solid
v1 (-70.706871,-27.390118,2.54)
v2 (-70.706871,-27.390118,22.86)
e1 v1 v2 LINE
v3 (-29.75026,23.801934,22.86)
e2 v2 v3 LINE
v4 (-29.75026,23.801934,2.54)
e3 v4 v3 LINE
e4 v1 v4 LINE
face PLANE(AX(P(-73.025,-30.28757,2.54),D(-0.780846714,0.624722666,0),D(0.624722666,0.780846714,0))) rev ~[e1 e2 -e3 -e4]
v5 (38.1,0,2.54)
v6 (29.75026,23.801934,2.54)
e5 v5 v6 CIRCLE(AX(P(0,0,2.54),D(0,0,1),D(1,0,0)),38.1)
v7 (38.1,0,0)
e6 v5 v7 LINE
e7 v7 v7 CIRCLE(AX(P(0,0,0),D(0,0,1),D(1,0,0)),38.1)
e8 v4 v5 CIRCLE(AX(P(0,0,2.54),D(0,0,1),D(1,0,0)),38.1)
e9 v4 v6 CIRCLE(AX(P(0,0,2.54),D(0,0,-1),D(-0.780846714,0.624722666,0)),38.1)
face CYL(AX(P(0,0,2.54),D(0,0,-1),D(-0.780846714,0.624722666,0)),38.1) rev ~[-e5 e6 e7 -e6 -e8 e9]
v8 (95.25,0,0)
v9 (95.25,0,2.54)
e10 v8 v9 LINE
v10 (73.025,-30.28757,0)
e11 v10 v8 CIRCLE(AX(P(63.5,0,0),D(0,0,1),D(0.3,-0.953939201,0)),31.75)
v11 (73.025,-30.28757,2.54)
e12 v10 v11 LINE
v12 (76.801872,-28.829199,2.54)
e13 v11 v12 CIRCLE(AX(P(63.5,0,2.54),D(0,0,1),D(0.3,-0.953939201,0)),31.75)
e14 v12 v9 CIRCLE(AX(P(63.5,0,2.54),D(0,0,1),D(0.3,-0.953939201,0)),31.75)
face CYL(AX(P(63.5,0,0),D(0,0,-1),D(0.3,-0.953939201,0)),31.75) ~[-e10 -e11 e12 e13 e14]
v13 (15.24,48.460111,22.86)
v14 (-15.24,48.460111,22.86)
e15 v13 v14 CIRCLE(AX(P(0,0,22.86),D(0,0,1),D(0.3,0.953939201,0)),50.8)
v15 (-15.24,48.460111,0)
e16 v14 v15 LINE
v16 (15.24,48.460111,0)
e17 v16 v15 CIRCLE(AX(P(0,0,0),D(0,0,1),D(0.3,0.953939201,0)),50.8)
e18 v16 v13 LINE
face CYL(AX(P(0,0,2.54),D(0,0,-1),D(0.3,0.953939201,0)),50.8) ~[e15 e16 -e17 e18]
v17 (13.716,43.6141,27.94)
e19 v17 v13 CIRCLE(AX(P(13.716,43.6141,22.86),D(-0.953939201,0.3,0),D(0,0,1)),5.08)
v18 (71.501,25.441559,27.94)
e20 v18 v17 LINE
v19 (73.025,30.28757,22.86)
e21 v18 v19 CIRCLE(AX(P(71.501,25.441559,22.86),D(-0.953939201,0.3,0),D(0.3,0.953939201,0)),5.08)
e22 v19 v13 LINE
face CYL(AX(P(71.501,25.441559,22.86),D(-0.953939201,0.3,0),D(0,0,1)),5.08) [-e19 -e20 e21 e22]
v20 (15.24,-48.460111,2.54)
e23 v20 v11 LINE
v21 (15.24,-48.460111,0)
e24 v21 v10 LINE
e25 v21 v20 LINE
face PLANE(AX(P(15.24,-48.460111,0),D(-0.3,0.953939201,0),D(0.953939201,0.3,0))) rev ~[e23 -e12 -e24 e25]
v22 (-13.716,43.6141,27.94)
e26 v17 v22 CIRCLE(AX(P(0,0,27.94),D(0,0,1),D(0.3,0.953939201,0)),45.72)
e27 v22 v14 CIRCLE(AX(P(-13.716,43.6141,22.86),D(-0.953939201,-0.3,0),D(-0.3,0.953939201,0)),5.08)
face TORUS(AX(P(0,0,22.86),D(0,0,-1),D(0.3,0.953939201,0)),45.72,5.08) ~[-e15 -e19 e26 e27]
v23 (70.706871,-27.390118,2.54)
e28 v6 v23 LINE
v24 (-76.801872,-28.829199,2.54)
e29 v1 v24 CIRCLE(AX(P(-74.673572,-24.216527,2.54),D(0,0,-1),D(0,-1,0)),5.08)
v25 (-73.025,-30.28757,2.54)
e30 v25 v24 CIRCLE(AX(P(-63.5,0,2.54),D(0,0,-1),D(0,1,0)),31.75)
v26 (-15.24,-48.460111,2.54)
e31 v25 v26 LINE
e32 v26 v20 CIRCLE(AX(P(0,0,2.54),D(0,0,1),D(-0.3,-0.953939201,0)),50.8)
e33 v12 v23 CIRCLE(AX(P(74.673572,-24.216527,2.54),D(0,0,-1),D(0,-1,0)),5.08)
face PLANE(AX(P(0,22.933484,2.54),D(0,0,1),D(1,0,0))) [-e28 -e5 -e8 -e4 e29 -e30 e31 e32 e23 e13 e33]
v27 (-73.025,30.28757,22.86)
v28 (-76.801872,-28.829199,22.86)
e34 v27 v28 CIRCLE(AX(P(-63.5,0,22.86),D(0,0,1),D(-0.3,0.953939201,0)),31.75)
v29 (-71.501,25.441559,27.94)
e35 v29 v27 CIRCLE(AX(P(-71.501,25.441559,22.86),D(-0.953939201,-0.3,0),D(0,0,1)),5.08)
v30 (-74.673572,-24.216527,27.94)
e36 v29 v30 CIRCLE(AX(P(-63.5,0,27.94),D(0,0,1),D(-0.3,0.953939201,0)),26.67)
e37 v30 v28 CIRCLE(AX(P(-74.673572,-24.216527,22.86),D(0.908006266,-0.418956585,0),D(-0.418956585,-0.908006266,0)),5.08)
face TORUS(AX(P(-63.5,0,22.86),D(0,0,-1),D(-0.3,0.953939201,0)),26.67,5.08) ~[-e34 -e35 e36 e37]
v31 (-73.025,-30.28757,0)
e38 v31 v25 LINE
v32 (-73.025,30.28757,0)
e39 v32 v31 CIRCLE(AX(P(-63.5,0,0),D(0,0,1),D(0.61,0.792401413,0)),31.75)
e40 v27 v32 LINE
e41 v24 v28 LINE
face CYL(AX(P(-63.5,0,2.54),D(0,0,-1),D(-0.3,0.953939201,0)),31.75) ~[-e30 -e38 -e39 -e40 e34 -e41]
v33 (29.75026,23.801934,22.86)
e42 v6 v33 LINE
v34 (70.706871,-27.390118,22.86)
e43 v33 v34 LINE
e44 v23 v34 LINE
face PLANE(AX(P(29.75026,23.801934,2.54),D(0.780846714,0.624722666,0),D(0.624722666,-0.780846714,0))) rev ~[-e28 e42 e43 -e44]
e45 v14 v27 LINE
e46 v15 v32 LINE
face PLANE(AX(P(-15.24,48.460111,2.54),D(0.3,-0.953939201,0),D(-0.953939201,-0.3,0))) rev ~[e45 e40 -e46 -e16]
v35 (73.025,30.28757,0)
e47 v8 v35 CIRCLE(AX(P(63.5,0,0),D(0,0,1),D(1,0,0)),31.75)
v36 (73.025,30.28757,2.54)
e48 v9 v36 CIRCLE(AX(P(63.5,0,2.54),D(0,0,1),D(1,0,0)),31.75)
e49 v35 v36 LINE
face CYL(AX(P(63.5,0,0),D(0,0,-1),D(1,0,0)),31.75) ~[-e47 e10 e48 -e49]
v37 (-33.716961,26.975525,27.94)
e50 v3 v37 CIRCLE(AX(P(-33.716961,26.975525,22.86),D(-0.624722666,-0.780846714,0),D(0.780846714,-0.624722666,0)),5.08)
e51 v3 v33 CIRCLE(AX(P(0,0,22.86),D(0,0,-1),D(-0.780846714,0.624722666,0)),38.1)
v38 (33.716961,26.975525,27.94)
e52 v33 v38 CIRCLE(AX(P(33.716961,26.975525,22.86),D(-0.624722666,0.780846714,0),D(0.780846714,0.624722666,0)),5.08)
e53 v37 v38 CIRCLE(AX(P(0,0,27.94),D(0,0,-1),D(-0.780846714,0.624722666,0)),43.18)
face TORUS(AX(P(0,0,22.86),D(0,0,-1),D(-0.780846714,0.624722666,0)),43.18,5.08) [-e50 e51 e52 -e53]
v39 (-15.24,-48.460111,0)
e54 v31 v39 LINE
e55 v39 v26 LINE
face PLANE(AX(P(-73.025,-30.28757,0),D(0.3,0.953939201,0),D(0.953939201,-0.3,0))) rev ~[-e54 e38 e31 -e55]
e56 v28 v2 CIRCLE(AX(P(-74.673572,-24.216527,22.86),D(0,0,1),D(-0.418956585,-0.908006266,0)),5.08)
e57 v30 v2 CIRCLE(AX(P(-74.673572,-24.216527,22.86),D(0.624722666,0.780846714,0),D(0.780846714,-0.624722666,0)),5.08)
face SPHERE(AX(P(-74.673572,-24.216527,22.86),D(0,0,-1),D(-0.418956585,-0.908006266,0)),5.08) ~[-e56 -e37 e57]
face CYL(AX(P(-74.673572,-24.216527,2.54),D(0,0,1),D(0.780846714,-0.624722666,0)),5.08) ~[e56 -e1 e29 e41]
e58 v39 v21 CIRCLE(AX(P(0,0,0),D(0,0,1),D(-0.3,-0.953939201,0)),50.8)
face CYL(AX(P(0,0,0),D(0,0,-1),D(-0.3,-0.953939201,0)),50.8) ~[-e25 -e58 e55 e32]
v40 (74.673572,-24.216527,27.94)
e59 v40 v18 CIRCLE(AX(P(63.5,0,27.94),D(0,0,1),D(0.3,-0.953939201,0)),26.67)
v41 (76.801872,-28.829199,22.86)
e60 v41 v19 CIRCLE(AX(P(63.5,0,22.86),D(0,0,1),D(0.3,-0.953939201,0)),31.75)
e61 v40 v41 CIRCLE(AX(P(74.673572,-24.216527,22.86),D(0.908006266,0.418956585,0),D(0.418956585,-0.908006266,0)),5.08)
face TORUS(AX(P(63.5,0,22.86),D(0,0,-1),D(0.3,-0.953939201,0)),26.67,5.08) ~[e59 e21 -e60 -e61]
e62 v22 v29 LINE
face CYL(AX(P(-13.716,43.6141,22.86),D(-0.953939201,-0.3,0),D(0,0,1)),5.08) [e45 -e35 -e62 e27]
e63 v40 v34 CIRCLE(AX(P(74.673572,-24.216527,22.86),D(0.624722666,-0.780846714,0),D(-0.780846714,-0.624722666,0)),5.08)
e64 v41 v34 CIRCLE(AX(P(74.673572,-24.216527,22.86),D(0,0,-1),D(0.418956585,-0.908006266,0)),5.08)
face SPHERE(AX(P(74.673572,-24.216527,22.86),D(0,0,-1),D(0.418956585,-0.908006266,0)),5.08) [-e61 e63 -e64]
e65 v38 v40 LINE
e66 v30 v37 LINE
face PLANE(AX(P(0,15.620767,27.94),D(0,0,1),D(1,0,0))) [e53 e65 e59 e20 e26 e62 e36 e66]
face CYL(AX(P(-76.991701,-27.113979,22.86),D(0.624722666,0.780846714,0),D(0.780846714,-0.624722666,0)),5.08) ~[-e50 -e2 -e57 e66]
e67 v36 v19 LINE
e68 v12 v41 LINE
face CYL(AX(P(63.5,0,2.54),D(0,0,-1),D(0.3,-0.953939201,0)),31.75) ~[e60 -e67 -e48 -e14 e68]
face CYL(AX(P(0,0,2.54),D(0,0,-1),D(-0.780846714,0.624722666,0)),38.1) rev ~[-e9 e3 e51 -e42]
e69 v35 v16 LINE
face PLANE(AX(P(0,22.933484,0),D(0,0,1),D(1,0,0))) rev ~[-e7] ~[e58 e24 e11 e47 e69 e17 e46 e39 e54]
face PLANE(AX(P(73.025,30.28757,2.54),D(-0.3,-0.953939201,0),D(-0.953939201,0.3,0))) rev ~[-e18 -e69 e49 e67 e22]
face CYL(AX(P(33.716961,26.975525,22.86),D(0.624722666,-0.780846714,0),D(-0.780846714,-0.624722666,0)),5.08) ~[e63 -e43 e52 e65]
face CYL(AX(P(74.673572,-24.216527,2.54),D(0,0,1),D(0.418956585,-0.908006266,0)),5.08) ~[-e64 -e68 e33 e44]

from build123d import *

# Parameters (mm, degrees)
F0_DEPTH = 2.54
F1_R     = 38.1
F5_DEPTH = 2.541
F2_DEPTH = 25.4
F3_R     = 5.08


with BuildPart() as f0:
    # F4 (on Top) → F0 (new body)
    with BuildSketch(Plane.XY):
        with BuildLine():
            ThreePointArc((44.1325, 25.1587448763), (31.8906233853, 39.5427381462), (15.24, 48.460111432))
            ThreePointArc((15.24, 48.460111432), (0, 50.8), (-15.24, 48.460111432))
            ThreePointArc((-15.24, 48.460111432), (-31.8906233853, 39.5427381462), (-44.1325, 25.1587448763))
            ThreePointArc((-44.1325, 25.1587448763), (-35.0133309687, 14.0204203753), (-31.75, 0))
            Line((-31.75, 0), (31.75, 0))
            ThreePointArc((31.75, 0), (35.0133309687, 14.0204203753), (44.1325, 25.1587448763))
        make_face()
        with BuildLine():
            Line((73.025, 30.287569645), (15.24, 48.460111432))
            ThreePointArc((15.24, 48.460111432), (31.8906233853, 39.5427381462), (44.1325, 25.1587448763))
            ThreePointArc((44.1325, 25.1587448763), (57.9506836061, 31.2612793654), (73.025, 30.287569645))
        make_face()
        with BuildLine():
            ThreePointArc((-44.1325, 25.1587448763), (-31.8906233853, 39.5427381462), (-15.24, 48.460111432))
            Line((-15.24, 48.460111432), (-73.025, 30.287569645))
            ThreePointArc((-73.025, 30.287569645), (-57.9506836061, 31.2612793654), (-44.1325, 25.1587448763))
        make_face()
        with BuildLine():
            ThreePointArc((73.025, 30.287569645), (57.9506836061, 31.2612793654), (44.1325, 25.1587448763))
            ThreePointArc((44.1325, 25.1587448763), (49.1048419201, 13.0136274728), (50.8, 0))
            ThreePointArc((50.8, 0), (49.1048419201, -13.0136274728), (44.1325, -25.1587448763))
            ThreePointArc((44.1325, -25.1587448763), (57.9506836061, -31.2612793654), (73.025, -30.287569645))
            ThreePointArc((73.025, -30.287569645), (89.0976683508, -18.7835533113), (95.25, 0))
            ThreePointArc((95.25, 0), (89.0976683508, 18.7835533113), (73.025, 30.287569645))
        make_face()
        with BuildLine():
            ThreePointArc((-50.8, 0), (-49.1048419201, 13.0136274728), (-44.1325, 25.1587448763))
            ThreePointArc((-44.1325, 25.1587448763), (-57.9506836061, 31.2612793654), (-73.025, 30.287569645))
            ThreePointArc((-73.025, 30.287569645), (-95.25, 0), (-73.025, -30.287569645))
            ThreePointArc((-73.025, -30.287569645), (-57.9506836061, -31.2612793654), (-44.1325, -25.1587448763))
            ThreePointArc((-44.1325, -25.1587448763), (-49.1048419201, -13.0136274728), (-50.8, 0))
        make_face()
        with BuildLine():
            ThreePointArc((44.1325, -25.1587448763), (35.0133309687, -14.0204203753), (31.75, 0))
            Line((31.75, 0), (-31.75, 0))
            ThreePointArc((-31.75, 0), (-35.0133309687, -14.0204203753), (-44.1325, -25.1587448763))
            ThreePointArc((-44.1325, -25.1587448763), (-31.8906233853, -39.5427381462), (-15.24, -48.460111432))
            ThreePointArc((-15.24, -48.460111432), (0, -50.8), (15.24, -48.460111432))
            ThreePointArc((15.24, -48.460111432), (31.8906233853, -39.5427381462), (44.1325, -25.1587448763))
        make_face()
        with BuildLine():
            ThreePointArc((-44.1325, -25.1587448763), (-57.9506836061, -31.2612793654), (-73.025, -30.287569645))
            Line((-73.025, -30.287569645), (-15.24, -48.460111432))
            ThreePointArc((-15.24, -48.460111432), (-31.8906233853, -39.5427381462), (-44.1325, -25.1587448763))
        make_face()
        with BuildLine():
            ThreePointArc((73.025, -30.287569645), (57.9506836061, -31.2612793654), (44.1325, -25.1587448763))
            ThreePointArc((44.1325, -25.1587448763), (31.8906233853, -39.5427381462), (15.24, -48.460111432))
            Line((15.24, -48.460111432), (73.025, -30.287569645))
        make_face()
        with BuildLine():
            ThreePointArc((50.8, 0), (49.1048419201, 13.0136274728), (44.1325, 25.1587448763))
            ThreePointArc((44.1325, 25.1587448763), (35.0133309687, 14.0204203753), (31.75, 0))
            Line((31.75, 0), (50.8, 0))
        make_face()
        with BuildLine():
            ThreePointArc((44.1325, -25.1587448763), (49.1048419201, -13.0136274728), (50.8, 0))
            Line((50.8, 0), (31.75, 0))
            ThreePointArc((31.75, 0), (35.0133309687, -14.0204203753), (44.1325, -25.1587448763))
        make_face()
        with BuildLine():
            Line((-31.75, 0), (-50.8, 0))
            ThreePointArc((-50.8, 0), (-49.1048419201, -13.0136274728), (-44.1325, -25.1587448763))
            ThreePointArc((-44.1325, -25.1587448763), (-35.0133309687, -14.0204203753), (-31.75, 0))
        make_face()
        with BuildLine():
            ThreePointArc((-31.75, 0), (-35.0133309687, 14.0204203753), (-44.1325, 25.1587448763))
            ThreePointArc((-44.1325, 25.1587448763), (-49.1048419201, 13.0136274728), (-50.8, 0))
            Line((-50.8, 0), (-31.75, 0))
        make_face()
    extrude(amount=F0_DEPTH)

    # F1 (on face) → F5 (cut, through all)
    with BuildSketch(Plane.XY.offset(2.54)):
        Circle(F1_R)
    extrude(amount=-F5_DEPTH, mode=Mode.SUBTRACT)

    # F6 (on face) → F2 (join)
    with BuildSketch(Plane.XY.offset(2.54)):
        with BuildLine():
            Line((-73.025, -30.287569645), (-29.75025979, 23.8019335859))
            ThreePointArc((-29.75025979, 23.8019335859), (0, 38.1), (29.75025979, 23.8019335859))
            Line((29.75025979, 23.8019335859), (73.025, -30.287569645))
            ThreePointArc((73.025, -30.287569645), (95.25, 0), (73.025, 30.287569645))
            Line((73.025, 30.287569645), (15.24, 48.460111432))
            ThreePointArc((15.24, 48.460111432), (0, 50.8), (-15.24, 48.460111432))
            Line((-15.24, 48.460111432), (-73.025, 30.287569645))
            ThreePointArc((-73.025, 30.287569645), (-95.25, 0), (-73.025, -30.287569645))
        make_face()
    extrude(amount=F2_DEPTH)

    # F3
    f3_edges = [f0.edges().sort_by_distance(p)[0] for p in [
        (73.025, -30.28757, 15.24),
        (-73.025, -30.28757, 15.24),
        (-44.1325, 39.373841, 27.94),
        (-95.25, 0, 27.94),
        (-51.38763, -3.242818, 27.94),
        (0, 38.1, 27.94),
        (51.38763, -3.242818, 27.94),
        (95.25, 0, 27.94),
        (44.1325, 39.373841, 27.94),
        (0, 50.8, 27.94),
    ]]
    fillet(f3_edges, radius=F3_R)


solid = f0.part
